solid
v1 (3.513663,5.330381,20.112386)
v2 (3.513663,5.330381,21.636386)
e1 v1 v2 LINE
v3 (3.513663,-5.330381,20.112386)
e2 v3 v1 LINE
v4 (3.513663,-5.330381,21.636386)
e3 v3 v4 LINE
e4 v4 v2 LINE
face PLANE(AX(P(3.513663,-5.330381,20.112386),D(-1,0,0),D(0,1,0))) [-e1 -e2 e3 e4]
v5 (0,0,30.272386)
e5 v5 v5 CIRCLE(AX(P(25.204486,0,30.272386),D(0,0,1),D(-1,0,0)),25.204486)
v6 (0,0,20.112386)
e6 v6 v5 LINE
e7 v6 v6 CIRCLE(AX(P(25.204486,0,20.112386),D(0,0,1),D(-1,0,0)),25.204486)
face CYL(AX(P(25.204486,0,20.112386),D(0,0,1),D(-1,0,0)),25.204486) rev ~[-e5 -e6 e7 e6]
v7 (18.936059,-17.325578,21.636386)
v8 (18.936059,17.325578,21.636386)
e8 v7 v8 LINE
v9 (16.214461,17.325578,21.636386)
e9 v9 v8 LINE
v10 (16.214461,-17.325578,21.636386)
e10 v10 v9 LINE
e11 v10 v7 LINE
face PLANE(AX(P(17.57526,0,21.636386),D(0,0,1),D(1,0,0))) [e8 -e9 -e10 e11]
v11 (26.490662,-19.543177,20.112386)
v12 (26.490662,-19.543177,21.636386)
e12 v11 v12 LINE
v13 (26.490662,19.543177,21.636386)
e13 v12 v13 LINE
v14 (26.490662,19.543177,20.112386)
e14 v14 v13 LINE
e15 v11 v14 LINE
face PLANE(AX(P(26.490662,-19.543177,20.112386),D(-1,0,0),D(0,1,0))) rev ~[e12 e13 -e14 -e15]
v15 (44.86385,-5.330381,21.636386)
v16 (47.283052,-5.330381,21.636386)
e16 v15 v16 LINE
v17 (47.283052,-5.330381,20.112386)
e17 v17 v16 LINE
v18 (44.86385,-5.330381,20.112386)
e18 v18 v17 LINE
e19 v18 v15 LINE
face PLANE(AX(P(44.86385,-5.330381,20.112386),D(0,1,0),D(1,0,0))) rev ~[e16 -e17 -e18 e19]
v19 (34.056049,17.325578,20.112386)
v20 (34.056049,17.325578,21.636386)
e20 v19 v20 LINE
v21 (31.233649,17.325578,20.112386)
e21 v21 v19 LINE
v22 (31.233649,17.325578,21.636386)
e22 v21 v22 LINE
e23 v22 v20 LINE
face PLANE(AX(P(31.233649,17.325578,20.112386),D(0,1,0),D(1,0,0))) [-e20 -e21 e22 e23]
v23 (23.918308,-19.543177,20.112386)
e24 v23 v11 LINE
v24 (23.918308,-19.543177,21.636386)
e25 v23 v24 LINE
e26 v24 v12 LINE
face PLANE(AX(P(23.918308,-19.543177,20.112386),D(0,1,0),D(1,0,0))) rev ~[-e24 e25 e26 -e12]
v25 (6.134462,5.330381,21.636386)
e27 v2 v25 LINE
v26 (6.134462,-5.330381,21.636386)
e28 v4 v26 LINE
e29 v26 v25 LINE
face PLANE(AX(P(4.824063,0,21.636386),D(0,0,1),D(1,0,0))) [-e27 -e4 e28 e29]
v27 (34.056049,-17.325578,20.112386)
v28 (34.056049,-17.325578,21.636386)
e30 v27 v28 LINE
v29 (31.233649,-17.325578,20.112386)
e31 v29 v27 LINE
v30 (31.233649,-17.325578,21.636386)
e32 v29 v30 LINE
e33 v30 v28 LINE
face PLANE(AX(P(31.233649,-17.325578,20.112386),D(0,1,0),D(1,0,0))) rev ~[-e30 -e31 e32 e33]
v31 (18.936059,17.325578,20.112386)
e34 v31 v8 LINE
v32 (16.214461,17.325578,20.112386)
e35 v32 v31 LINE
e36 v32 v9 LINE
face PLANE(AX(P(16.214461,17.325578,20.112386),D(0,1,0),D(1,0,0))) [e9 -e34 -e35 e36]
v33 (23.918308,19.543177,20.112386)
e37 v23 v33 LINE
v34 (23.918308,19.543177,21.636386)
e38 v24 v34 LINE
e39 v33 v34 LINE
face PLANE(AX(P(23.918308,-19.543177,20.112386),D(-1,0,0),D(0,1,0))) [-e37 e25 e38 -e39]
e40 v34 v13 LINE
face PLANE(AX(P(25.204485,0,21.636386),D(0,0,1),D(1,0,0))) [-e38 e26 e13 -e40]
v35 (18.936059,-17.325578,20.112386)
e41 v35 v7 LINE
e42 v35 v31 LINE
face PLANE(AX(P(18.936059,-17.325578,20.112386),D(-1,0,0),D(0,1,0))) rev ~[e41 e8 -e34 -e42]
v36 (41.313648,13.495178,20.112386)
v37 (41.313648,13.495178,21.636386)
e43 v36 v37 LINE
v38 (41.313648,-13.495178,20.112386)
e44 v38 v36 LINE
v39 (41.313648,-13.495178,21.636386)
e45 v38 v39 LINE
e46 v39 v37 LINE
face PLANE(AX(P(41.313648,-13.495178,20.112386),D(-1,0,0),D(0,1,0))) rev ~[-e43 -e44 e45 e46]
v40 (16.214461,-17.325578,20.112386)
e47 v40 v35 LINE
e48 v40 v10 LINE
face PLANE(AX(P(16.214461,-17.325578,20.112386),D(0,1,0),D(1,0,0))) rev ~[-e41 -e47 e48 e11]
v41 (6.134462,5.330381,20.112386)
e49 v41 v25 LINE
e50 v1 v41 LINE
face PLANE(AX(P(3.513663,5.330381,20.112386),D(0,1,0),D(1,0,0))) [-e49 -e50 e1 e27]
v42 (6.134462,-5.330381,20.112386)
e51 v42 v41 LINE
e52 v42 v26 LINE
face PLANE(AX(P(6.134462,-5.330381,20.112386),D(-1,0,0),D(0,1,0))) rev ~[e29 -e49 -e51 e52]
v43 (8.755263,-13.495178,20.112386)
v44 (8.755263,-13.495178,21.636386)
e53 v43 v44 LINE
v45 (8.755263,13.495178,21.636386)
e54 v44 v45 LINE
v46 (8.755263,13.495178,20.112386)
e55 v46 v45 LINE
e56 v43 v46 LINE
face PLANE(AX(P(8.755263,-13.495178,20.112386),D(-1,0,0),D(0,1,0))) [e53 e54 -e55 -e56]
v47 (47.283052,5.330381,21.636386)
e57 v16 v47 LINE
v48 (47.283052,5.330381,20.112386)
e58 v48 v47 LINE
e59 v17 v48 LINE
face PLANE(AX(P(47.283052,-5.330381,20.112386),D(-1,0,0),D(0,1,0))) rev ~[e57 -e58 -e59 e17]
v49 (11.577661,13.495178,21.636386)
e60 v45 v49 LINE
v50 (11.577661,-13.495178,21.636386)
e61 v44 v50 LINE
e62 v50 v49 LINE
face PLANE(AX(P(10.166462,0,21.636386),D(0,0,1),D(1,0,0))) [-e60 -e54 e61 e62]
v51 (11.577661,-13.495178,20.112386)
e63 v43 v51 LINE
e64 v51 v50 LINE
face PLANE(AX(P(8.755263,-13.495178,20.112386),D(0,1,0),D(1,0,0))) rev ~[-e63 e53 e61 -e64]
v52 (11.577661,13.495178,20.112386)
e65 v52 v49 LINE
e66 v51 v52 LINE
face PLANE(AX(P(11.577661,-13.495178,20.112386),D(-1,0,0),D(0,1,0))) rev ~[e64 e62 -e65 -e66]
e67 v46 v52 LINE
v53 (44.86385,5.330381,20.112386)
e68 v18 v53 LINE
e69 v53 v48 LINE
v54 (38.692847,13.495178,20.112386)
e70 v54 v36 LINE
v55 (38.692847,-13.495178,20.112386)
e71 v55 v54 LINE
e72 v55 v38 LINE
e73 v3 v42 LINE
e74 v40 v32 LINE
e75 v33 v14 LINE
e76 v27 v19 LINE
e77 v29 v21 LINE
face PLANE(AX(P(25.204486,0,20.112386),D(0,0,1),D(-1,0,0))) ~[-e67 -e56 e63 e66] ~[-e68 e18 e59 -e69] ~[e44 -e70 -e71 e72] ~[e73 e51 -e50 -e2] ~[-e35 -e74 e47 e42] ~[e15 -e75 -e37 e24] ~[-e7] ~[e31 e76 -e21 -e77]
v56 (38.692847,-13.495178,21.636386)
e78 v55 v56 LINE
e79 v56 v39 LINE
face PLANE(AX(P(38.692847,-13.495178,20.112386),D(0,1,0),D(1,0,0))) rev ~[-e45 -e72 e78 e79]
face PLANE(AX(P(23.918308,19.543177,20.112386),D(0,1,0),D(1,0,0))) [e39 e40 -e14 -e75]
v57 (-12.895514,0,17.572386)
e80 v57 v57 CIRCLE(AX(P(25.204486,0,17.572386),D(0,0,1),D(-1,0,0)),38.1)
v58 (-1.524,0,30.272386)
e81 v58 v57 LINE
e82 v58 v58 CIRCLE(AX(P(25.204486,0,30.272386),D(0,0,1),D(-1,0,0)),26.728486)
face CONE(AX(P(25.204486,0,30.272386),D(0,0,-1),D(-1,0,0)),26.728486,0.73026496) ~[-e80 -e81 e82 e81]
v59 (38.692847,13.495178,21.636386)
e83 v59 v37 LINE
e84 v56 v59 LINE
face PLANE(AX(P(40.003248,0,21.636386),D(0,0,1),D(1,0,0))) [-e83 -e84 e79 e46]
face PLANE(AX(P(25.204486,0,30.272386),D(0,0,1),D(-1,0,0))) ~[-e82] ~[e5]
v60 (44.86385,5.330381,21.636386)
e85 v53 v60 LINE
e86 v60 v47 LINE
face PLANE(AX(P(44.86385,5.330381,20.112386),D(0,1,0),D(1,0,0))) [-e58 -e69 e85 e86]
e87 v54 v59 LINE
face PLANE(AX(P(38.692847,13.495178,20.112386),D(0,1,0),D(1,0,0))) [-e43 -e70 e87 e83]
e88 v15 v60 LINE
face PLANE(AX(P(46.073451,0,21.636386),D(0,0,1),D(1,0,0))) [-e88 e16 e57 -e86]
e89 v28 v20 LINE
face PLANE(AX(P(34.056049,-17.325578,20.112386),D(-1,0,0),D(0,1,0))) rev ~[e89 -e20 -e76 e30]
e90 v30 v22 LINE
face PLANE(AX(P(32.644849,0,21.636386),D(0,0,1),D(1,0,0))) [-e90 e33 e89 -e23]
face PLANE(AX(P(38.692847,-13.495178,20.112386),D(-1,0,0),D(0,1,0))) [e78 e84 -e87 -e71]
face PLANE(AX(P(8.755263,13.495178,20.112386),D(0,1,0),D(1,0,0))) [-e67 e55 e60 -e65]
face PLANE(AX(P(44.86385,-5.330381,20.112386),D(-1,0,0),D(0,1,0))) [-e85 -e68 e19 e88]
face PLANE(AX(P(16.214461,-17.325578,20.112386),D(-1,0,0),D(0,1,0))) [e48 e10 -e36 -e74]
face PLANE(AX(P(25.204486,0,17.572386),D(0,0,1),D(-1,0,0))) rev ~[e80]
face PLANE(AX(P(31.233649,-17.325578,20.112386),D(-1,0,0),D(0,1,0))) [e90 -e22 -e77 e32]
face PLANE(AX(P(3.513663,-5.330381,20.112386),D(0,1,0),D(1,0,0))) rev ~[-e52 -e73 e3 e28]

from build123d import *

# Parameters (mm, degrees)
F2_W     = 2.572353
F2_H     = 39.086354
F2_W_2   = 2.822399
F2_H_2   = 34.651156
F2_W_3   = 2.620801
F2_H_3   = 26.990356
F2_W_4   = 2.419203
F2_H_4   = 10.660762
F2_W_5   = 2.721599
F2_W_6   = 2.620799
F3_DEPTH = 1.524


with BuildPart() as f1:
    # F0 (on Front) → F1 (revolve)
    with BuildSketch(Plane.XZ):
        Polygon((0, 30.272386), (-1.524, 30.272386), (-12.895514, 17.572386), (25.204486, 17.572386), (25.204486, 20.112386), (0, 20.112386), align=None)
    revolve(axis=Axis((25.204486, 0, 18.842386), (0, 0, 1)))

    # F2 (on face) → F3 (join)
    with BuildSketch(Plane.XY.offset(20.112386)):
        with Locations((25.204485, 0)):
            Rectangle(F2_W, F2_H)
        with Locations((32.644849, 0)):
            Rectangle(F2_W_2, F2_H_2)
        with Locations((40.003248, 0)):
            Rectangle(F2_W_3, F2_H_3)
        with Locations((46.073451, 0)):
            Rectangle(F2_W_4, F2_H_4)
        with Locations((17.57526, 0)):
            Rectangle(F2_W_5, F2_H_2)
        with Locations((10.166462, 0)):
            Rectangle(F2_W_2, F2_H_3)
        with Locations((4.824063, 0)):
            Rectangle(F2_W_6, F2_H_4)
    extrude(amount=F3_DEPTH)


solid = f1.part
